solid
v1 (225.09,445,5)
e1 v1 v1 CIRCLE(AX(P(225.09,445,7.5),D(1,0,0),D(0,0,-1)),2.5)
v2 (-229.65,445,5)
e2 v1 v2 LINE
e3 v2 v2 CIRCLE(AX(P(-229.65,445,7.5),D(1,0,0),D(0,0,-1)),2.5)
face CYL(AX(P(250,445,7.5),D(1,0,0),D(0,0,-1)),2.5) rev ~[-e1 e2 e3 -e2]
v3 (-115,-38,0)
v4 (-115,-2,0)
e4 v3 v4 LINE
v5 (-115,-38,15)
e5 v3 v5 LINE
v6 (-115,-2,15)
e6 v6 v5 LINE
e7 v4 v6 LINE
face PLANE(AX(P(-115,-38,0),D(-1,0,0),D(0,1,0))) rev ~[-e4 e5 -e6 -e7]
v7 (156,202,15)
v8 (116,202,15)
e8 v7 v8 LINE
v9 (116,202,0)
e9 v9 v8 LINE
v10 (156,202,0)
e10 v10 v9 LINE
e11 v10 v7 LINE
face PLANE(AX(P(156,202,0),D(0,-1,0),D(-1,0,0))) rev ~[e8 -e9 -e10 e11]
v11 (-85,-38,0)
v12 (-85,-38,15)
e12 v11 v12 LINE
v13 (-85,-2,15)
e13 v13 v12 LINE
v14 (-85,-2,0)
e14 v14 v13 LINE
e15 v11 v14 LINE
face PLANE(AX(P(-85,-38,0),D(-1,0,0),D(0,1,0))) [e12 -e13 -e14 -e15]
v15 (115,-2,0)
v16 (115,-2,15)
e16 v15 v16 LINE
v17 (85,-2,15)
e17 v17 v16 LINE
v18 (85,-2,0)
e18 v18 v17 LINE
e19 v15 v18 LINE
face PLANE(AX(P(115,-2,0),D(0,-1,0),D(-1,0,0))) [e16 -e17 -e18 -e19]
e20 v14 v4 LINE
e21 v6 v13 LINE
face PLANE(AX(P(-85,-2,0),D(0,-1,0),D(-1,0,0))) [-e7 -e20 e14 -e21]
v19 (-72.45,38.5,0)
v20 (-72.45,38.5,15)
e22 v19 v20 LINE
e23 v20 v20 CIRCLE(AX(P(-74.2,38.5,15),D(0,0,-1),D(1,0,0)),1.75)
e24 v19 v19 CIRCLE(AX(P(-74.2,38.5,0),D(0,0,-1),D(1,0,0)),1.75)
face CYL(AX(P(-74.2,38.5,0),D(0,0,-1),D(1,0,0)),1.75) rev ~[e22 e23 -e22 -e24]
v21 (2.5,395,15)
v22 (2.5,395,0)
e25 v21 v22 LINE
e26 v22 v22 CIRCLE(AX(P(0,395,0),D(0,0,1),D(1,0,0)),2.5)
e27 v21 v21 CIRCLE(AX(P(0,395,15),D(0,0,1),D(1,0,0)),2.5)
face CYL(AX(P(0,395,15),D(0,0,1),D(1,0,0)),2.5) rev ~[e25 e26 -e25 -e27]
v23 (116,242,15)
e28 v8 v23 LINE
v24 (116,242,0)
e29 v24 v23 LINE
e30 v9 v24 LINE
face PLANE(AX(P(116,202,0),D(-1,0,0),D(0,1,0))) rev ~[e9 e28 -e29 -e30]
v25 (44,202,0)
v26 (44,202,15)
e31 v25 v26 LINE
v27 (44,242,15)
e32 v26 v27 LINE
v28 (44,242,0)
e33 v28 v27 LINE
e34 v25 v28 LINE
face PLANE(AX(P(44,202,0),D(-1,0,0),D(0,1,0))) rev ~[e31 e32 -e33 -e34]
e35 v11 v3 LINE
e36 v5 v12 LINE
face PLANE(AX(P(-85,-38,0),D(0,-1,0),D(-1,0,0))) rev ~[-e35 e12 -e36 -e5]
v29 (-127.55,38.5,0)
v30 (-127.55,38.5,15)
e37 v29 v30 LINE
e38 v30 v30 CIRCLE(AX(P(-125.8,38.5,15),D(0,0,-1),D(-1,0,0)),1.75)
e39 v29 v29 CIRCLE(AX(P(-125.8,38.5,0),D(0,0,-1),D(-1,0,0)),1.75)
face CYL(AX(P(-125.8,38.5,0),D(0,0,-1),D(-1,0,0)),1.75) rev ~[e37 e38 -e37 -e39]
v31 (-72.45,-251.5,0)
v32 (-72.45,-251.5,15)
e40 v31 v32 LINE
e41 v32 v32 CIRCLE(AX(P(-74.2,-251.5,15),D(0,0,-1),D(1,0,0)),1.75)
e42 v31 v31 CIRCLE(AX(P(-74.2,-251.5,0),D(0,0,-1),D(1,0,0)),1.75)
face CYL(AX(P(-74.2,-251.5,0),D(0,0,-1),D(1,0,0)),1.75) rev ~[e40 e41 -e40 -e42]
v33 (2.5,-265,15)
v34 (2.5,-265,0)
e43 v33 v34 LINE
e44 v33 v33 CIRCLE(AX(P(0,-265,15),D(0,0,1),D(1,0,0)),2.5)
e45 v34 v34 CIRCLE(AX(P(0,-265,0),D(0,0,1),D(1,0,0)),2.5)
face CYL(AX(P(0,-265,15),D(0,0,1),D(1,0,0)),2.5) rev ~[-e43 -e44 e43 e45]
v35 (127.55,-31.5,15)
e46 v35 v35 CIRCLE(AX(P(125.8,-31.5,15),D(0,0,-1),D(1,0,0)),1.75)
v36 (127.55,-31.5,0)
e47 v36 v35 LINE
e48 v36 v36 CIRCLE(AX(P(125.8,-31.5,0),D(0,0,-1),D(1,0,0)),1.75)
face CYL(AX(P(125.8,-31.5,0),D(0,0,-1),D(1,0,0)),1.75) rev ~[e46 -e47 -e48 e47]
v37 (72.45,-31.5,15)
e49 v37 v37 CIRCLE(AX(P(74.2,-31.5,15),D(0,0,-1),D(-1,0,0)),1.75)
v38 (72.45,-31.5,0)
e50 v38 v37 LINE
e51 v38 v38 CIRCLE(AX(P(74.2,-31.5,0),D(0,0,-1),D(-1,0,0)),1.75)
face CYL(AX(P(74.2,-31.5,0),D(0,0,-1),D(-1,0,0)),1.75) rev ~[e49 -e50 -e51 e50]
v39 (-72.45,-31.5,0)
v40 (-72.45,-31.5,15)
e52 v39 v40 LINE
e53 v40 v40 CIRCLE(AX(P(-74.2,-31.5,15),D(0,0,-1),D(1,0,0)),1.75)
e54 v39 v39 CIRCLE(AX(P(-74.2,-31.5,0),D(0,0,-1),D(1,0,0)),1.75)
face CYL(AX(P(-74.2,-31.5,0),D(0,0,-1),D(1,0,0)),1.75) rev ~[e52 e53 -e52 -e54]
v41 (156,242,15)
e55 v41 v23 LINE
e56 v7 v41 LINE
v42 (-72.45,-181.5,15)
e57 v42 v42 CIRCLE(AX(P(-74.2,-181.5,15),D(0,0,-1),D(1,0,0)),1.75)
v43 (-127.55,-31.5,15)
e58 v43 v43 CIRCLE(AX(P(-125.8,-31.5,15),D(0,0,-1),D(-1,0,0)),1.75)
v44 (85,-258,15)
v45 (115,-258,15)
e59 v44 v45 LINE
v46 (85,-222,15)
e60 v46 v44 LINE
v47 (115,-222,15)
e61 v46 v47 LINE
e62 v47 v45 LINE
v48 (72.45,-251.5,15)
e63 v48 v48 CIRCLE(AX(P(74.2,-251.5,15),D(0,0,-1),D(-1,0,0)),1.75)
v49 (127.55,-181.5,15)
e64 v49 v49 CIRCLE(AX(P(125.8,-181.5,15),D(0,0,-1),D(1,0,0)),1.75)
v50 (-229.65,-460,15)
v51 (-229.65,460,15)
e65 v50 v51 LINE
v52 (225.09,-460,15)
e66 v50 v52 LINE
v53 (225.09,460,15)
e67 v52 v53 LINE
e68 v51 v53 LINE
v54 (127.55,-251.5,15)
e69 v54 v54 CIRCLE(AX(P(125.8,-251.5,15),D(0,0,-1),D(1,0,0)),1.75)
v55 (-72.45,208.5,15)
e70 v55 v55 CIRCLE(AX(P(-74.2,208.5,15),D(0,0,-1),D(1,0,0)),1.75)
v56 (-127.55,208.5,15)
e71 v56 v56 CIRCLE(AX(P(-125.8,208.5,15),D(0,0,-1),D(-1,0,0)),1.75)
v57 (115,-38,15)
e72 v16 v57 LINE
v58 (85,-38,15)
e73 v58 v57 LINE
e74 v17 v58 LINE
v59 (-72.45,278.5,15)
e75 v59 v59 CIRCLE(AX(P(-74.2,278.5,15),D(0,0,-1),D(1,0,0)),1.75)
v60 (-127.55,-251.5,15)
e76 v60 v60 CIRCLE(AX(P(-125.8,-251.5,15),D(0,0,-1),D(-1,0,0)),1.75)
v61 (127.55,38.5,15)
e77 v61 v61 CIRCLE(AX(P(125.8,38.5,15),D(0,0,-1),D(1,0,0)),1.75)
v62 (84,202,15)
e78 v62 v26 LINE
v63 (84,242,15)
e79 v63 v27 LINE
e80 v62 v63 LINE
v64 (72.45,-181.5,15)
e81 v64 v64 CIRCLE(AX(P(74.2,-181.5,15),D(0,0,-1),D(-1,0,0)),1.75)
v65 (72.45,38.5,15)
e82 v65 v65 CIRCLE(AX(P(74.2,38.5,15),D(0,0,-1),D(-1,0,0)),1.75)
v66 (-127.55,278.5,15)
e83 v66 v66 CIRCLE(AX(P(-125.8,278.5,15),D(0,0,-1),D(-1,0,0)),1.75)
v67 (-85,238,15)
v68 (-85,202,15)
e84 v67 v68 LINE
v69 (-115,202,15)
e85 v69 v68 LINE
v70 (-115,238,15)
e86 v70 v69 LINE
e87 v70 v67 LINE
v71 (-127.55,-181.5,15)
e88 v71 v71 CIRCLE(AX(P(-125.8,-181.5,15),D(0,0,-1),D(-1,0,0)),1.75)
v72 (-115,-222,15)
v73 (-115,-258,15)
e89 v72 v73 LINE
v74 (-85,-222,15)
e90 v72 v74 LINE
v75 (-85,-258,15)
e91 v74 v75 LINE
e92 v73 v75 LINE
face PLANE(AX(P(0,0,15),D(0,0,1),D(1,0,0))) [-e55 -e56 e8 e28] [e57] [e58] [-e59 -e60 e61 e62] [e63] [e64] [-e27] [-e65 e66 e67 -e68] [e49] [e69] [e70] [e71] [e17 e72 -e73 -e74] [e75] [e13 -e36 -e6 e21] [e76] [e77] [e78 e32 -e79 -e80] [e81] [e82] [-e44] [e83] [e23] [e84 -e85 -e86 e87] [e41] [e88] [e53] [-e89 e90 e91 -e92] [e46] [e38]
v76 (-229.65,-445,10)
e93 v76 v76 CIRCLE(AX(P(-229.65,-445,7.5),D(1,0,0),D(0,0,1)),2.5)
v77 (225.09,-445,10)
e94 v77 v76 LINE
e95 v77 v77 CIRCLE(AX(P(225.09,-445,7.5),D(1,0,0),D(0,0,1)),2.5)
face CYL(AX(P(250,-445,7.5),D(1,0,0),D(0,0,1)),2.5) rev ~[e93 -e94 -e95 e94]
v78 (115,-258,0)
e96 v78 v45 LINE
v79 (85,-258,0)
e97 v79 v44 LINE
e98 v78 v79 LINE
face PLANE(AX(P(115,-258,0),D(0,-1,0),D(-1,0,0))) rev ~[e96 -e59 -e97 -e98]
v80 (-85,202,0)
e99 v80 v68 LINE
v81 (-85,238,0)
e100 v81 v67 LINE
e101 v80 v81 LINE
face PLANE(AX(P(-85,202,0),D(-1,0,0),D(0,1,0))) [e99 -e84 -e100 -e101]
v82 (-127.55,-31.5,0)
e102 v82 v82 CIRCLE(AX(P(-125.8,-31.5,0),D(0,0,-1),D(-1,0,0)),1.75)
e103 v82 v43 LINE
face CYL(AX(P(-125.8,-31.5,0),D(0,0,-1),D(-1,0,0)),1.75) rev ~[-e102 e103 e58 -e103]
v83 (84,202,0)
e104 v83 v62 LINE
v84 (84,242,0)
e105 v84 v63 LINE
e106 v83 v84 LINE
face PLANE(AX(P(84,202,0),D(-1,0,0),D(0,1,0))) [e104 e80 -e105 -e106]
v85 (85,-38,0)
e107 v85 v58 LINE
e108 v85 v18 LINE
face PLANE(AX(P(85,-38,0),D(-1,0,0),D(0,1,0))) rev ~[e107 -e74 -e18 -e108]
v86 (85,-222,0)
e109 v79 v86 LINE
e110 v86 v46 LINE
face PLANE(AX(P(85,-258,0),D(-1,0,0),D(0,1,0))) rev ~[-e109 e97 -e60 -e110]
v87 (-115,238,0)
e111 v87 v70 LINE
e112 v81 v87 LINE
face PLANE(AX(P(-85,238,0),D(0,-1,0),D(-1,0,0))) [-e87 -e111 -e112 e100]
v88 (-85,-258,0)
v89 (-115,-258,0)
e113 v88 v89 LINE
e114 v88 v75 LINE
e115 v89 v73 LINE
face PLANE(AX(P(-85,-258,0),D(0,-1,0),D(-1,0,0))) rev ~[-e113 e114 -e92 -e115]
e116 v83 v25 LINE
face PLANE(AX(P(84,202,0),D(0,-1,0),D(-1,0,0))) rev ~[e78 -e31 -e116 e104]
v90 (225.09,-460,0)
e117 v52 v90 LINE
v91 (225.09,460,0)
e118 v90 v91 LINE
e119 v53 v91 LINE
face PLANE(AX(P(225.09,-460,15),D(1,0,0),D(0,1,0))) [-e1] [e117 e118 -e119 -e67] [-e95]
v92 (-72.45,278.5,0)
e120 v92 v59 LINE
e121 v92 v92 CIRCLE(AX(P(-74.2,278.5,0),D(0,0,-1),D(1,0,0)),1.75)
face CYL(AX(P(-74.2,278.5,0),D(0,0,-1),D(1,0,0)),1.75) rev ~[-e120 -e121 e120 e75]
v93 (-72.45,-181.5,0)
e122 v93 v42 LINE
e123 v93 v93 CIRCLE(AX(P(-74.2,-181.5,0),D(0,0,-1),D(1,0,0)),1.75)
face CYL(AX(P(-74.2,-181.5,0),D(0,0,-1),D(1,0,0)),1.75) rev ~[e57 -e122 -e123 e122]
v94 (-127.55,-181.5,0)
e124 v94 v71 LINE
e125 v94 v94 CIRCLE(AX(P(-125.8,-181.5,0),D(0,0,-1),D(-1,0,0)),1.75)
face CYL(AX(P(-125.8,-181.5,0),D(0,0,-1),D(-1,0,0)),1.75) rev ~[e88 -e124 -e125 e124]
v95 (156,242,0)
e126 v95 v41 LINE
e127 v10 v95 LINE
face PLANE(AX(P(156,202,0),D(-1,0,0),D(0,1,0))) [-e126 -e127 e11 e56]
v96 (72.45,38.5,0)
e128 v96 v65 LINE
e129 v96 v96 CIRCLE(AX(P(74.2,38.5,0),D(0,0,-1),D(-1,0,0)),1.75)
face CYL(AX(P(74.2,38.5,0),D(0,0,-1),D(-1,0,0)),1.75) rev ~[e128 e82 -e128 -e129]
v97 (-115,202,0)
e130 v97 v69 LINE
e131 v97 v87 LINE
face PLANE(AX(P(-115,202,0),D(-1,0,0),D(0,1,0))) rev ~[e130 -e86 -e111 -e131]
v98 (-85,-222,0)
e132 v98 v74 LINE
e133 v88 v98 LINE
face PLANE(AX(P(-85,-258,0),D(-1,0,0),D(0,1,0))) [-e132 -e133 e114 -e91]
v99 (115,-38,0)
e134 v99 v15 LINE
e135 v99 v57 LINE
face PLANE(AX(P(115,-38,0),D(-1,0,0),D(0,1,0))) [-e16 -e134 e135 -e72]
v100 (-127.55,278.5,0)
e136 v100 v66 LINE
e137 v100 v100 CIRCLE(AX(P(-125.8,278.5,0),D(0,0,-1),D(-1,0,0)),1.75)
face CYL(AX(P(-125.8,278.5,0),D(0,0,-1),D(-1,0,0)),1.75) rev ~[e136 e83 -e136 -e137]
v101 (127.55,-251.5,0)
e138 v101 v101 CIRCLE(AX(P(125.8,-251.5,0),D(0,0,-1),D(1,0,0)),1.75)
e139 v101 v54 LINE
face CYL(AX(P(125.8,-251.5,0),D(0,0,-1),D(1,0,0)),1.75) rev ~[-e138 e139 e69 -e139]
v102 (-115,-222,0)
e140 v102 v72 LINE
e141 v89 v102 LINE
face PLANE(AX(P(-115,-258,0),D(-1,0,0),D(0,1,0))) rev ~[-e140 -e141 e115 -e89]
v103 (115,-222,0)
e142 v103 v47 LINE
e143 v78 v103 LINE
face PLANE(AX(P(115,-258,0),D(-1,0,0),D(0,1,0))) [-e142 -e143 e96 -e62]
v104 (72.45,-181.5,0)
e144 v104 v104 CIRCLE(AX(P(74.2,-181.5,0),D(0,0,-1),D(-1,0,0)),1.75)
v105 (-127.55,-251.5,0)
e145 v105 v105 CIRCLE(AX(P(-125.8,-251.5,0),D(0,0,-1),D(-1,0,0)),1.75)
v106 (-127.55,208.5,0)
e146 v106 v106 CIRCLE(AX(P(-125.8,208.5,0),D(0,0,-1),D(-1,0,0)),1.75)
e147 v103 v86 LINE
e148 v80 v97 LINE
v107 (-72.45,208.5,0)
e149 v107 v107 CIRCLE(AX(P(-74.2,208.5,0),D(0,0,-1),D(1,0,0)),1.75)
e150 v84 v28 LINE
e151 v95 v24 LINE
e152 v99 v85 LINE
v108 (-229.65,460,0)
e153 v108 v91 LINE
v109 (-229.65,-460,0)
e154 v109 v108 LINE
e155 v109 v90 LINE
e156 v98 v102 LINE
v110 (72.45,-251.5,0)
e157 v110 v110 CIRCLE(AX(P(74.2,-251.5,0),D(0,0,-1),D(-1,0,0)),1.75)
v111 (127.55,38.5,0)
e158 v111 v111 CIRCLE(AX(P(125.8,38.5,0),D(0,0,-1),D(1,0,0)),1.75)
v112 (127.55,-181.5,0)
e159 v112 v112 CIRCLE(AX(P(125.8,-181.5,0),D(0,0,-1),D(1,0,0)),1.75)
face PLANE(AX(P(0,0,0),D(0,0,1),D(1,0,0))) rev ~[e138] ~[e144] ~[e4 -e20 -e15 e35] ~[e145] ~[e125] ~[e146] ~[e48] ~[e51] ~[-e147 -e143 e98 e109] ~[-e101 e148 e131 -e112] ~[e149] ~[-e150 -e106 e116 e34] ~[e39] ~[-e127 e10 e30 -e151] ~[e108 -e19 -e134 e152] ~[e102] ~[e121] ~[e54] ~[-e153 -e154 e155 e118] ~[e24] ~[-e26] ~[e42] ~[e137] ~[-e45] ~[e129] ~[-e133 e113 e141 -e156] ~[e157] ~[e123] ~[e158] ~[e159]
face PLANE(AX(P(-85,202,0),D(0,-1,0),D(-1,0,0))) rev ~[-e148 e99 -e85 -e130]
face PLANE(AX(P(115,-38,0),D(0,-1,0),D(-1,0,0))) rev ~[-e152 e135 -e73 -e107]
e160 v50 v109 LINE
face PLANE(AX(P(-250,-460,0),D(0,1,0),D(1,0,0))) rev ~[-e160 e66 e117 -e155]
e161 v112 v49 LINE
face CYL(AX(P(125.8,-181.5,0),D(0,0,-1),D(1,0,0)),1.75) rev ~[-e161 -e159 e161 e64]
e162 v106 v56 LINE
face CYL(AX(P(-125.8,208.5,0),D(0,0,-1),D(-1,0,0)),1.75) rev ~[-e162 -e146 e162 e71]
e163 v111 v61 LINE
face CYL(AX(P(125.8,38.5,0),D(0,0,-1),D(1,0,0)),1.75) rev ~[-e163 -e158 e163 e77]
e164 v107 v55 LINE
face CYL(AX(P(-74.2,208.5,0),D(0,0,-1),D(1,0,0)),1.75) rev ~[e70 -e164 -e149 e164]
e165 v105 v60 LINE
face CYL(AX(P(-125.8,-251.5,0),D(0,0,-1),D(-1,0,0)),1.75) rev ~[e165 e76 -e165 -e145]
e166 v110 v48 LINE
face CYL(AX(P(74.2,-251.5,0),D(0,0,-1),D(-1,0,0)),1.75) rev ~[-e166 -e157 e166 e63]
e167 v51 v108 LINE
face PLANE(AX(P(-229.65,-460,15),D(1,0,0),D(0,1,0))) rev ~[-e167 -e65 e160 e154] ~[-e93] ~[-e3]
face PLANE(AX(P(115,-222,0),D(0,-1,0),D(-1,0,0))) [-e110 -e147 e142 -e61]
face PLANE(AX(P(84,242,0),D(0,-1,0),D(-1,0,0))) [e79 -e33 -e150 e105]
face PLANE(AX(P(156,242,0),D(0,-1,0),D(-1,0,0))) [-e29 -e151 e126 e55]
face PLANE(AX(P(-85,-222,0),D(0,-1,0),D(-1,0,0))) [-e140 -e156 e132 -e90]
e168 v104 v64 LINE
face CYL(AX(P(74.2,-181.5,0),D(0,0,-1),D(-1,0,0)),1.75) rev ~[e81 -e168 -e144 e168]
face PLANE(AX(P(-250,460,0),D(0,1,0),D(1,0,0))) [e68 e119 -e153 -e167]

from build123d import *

# Parameters (mm, degrees)
CROQUIS1_W              = 500
CROQUIS1_H              = 920
SALIENTE_EXTRUIR1_DEPTH = 15
CROQUIS2_R              = 2.5
CORTAR_EXTRUIR1_DEPTH   = 524.760441423
CROQUIS3_R              = 2.5
CORTAR_EXTRUIR2_DEPTH   = 680.577074363
CROQUIS5_R              = 1.75
CROQUIS5_W              = 30
CROQUIS5_H              = 36
CORTAR_EXTRUIR3_DEPTH   = 524.760441423
CROQUIS6_W              = 68.576294335
CROQUIS6_H              = 90.214445459
SALIENTE_EXTRUIR2_DEPTH = 15
CROQUIS7_W              = 40
CROQUIS7_H              = 40
CORTAR_EXTRUIR4_DEPTH   = 15
CORTAR_EXTRUIR5_START   = -15
CROQUIS8_W              = 20.35
CROQUIS8_H              = 920
CROQUIS8_W_2            = 24.91
CORTAR_EXTRUIR5_DEPTH   = 15


with BuildPart() as part:
    # Croquis1 → Saliente-Extruir1 (new body)
    with BuildSketch(Plane.XY):
        Rectangle(CROQUIS1_W, CROQUIS1_H)
    extrude(amount=SALIENTE_EXTRUIR1_DEPTH)

    # Croquis2 → Cortar-Extruir1 (cut, through all)
    with BuildSketch(Plane.XY.offset(15)):
        with Locations((0, -265)):
            Circle(CROQUIS2_R)
        with Locations((0, 395)):
            Circle(CROQUIS2_R)
    extrude(amount=-CORTAR_EXTRUIR1_DEPTH, mode=Mode.SUBTRACT)

    # Croquis3 → Cortar-Extruir2 (cut, through all)
    with BuildSketch(Plane(origin=(250, 0, 0), x_dir=(0, 0, -1), z_dir=(1, 0, 0))):
        with Locations((-7.5, 445)):
            Circle(CROQUIS3_R)
        with Locations(Location((-7.5, -445, 0), (0, 0, 180))):
            Circle(CROQUIS3_R)
    extrude(amount=-CORTAR_EXTRUIR2_DEPTH, mode=Mode.SUBTRACT)

    # Croquis5 → Cortar-Extruir3 (cut, through all)
    with BuildSketch(Plane(origin=(0, 0, 0), x_dir=(-1, 0, 0), z_dir=(0, 0, -1))):
        with Locations((-74.2, 208.5)):
            Circle(CROQUIS5_R)
        with Locations((-74.2, 278.5)):
            Circle(CROQUIS5_R)
        with Locations(Location((-125.8, 278.5, 0), (0, 0, 180))):
            Circle(CROQUIS5_R)
        with Locations(Location((-125.8, 208.5, 0), (0, 0, 180))):
            Circle(CROQUIS5_R)
        with Locations((125.8, 208.5)):
            Circle(CROQUIS5_R)
        with Locations((125.8, 278.5)):
            Circle(CROQUIS5_R)
        with Locations(Location((74.2, 278.5, 0), (0, 0, 180))):
            Circle(CROQUIS5_R)
        with Locations(Location((74.2, 208.5, 0), (0, 0, 180))):
            Circle(CROQUIS5_R)
        with Locations((125.8, -31.5)):
            Circle(CROQUIS5_R)
        with Locations((125.8, 38.5)):
            Circle(CROQUIS5_R)
        with Locations(Location((74.2, 38.5, 0), (0, 0, 180))):
            Circle(CROQUIS5_R)
        with Locations(Location((74.2, -31.5, 0), (0, 0, 180))):
            Circle(CROQUIS5_R)
        with Locations((125.8, -251.5)):
            Circle(CROQUIS5_R)
        with Locations((125.8, -181.5)):
            Circle(CROQUIS5_R)
        with Locations(Location((74.2, -181.5, 0), (0, 0, 180))):
            Circle(CROQUIS5_R)
        with Locations(Location((74.2, -251.5, 0), (0, 0, 180))):
            Circle(CROQUIS5_R)
        with Locations((-74.2, -31.5)):
            Circle(CROQUIS5_R)
        with Locations((-74.2, 38.5)):
            Circle(CROQUIS5_R)
        with Locations(Location((-125.8, 38.5, 0), (0, 0, 180))):
            Circle(CROQUIS5_R)
        with Locations(Location((-125.8, -31.5, 0), (0, 0, 180))):
            Circle(CROQUIS5_R)
        with Locations((-74.2, -251.5)):
            Circle(CROQUIS5_R)
        with Locations((-74.2, -181.5)):
            Circle(CROQUIS5_R)
        with Locations(Location((-125.8, -181.5, 0), (0, 0, 180))):
            Circle(CROQUIS5_R)
        with Locations(Location((-125.8, -251.5, 0), (0, 0, 180))):
            Circle(CROQUIS5_R)
        with Locations((100, 220)):
            Rectangle(CROQUIS5_W, CROQUIS5_H)
        with Locations((-100, 220)):
            Rectangle(CROQUIS5_W, CROQUIS5_H)
        with Locations((100, -20)):
            Rectangle(CROQUIS5_W, CROQUIS5_H)
        with Locations((100, -240)):
            Rectangle(CROQUIS5_W, CROQUIS5_H)
        with Locations((-100, -20)):
            Rectangle(CROQUIS5_W, CROQUIS5_H)
        with Locations((-100, -240)):
            Rectangle(CROQUIS5_W, CROQUIS5_H)
    extrude(amount=-CORTAR_EXTRUIR3_DEPTH, mode=Mode.SUBTRACT)

    # Croquis6 → Saliente-Extruir2 (add)
    with BuildSketch(Plane(origin=(0, 0, 0), x_dir=(-1, 0, 0), z_dir=(0, 0, -1))):
        with Locations((-98.305946691, 244.444644428)):
            Rectangle(CROQUIS6_W, CROQUIS6_H)
    extrude(amount=-SALIENTE_EXTRUIR2_DEPTH)

    # Croquis7 → Cortar-Extruir4 (cut)
    with BuildSketch(Plane(origin=(0, 0, 0), x_dir=(-1, 0, 0), z_dir=(0, 0, -1))):
        with Locations((-64, 222)):
            Rectangle(CROQUIS7_W, CROQUIS7_H)
        with Locations((-136, 222)):
            Rectangle(CROQUIS7_W, CROQUIS7_H)
    extrude(amount=-CORTAR_EXTRUIR4_DEPTH, mode=Mode.SUBTRACT)

    # Croquis8 → Cortar-Extruir5 (cut)
    with BuildSketch(Plane(origin=(0, 0, 0), x_dir=(-1, 0, 0), z_dir=(0, 0, -1)).offset(CORTAR_EXTRUIR5_START)):
        with Locations((239.825, 0)):
            Rectangle(CROQUIS8_W, CROQUIS8_H)
        with Locations((-237.545, 0)):
            Rectangle(CROQUIS8_W_2, CROQUIS8_H)
    extrude(amount=CORTAR_EXTRUIR5_DEPTH, mode=Mode.SUBTRACT)


solid = part.part
